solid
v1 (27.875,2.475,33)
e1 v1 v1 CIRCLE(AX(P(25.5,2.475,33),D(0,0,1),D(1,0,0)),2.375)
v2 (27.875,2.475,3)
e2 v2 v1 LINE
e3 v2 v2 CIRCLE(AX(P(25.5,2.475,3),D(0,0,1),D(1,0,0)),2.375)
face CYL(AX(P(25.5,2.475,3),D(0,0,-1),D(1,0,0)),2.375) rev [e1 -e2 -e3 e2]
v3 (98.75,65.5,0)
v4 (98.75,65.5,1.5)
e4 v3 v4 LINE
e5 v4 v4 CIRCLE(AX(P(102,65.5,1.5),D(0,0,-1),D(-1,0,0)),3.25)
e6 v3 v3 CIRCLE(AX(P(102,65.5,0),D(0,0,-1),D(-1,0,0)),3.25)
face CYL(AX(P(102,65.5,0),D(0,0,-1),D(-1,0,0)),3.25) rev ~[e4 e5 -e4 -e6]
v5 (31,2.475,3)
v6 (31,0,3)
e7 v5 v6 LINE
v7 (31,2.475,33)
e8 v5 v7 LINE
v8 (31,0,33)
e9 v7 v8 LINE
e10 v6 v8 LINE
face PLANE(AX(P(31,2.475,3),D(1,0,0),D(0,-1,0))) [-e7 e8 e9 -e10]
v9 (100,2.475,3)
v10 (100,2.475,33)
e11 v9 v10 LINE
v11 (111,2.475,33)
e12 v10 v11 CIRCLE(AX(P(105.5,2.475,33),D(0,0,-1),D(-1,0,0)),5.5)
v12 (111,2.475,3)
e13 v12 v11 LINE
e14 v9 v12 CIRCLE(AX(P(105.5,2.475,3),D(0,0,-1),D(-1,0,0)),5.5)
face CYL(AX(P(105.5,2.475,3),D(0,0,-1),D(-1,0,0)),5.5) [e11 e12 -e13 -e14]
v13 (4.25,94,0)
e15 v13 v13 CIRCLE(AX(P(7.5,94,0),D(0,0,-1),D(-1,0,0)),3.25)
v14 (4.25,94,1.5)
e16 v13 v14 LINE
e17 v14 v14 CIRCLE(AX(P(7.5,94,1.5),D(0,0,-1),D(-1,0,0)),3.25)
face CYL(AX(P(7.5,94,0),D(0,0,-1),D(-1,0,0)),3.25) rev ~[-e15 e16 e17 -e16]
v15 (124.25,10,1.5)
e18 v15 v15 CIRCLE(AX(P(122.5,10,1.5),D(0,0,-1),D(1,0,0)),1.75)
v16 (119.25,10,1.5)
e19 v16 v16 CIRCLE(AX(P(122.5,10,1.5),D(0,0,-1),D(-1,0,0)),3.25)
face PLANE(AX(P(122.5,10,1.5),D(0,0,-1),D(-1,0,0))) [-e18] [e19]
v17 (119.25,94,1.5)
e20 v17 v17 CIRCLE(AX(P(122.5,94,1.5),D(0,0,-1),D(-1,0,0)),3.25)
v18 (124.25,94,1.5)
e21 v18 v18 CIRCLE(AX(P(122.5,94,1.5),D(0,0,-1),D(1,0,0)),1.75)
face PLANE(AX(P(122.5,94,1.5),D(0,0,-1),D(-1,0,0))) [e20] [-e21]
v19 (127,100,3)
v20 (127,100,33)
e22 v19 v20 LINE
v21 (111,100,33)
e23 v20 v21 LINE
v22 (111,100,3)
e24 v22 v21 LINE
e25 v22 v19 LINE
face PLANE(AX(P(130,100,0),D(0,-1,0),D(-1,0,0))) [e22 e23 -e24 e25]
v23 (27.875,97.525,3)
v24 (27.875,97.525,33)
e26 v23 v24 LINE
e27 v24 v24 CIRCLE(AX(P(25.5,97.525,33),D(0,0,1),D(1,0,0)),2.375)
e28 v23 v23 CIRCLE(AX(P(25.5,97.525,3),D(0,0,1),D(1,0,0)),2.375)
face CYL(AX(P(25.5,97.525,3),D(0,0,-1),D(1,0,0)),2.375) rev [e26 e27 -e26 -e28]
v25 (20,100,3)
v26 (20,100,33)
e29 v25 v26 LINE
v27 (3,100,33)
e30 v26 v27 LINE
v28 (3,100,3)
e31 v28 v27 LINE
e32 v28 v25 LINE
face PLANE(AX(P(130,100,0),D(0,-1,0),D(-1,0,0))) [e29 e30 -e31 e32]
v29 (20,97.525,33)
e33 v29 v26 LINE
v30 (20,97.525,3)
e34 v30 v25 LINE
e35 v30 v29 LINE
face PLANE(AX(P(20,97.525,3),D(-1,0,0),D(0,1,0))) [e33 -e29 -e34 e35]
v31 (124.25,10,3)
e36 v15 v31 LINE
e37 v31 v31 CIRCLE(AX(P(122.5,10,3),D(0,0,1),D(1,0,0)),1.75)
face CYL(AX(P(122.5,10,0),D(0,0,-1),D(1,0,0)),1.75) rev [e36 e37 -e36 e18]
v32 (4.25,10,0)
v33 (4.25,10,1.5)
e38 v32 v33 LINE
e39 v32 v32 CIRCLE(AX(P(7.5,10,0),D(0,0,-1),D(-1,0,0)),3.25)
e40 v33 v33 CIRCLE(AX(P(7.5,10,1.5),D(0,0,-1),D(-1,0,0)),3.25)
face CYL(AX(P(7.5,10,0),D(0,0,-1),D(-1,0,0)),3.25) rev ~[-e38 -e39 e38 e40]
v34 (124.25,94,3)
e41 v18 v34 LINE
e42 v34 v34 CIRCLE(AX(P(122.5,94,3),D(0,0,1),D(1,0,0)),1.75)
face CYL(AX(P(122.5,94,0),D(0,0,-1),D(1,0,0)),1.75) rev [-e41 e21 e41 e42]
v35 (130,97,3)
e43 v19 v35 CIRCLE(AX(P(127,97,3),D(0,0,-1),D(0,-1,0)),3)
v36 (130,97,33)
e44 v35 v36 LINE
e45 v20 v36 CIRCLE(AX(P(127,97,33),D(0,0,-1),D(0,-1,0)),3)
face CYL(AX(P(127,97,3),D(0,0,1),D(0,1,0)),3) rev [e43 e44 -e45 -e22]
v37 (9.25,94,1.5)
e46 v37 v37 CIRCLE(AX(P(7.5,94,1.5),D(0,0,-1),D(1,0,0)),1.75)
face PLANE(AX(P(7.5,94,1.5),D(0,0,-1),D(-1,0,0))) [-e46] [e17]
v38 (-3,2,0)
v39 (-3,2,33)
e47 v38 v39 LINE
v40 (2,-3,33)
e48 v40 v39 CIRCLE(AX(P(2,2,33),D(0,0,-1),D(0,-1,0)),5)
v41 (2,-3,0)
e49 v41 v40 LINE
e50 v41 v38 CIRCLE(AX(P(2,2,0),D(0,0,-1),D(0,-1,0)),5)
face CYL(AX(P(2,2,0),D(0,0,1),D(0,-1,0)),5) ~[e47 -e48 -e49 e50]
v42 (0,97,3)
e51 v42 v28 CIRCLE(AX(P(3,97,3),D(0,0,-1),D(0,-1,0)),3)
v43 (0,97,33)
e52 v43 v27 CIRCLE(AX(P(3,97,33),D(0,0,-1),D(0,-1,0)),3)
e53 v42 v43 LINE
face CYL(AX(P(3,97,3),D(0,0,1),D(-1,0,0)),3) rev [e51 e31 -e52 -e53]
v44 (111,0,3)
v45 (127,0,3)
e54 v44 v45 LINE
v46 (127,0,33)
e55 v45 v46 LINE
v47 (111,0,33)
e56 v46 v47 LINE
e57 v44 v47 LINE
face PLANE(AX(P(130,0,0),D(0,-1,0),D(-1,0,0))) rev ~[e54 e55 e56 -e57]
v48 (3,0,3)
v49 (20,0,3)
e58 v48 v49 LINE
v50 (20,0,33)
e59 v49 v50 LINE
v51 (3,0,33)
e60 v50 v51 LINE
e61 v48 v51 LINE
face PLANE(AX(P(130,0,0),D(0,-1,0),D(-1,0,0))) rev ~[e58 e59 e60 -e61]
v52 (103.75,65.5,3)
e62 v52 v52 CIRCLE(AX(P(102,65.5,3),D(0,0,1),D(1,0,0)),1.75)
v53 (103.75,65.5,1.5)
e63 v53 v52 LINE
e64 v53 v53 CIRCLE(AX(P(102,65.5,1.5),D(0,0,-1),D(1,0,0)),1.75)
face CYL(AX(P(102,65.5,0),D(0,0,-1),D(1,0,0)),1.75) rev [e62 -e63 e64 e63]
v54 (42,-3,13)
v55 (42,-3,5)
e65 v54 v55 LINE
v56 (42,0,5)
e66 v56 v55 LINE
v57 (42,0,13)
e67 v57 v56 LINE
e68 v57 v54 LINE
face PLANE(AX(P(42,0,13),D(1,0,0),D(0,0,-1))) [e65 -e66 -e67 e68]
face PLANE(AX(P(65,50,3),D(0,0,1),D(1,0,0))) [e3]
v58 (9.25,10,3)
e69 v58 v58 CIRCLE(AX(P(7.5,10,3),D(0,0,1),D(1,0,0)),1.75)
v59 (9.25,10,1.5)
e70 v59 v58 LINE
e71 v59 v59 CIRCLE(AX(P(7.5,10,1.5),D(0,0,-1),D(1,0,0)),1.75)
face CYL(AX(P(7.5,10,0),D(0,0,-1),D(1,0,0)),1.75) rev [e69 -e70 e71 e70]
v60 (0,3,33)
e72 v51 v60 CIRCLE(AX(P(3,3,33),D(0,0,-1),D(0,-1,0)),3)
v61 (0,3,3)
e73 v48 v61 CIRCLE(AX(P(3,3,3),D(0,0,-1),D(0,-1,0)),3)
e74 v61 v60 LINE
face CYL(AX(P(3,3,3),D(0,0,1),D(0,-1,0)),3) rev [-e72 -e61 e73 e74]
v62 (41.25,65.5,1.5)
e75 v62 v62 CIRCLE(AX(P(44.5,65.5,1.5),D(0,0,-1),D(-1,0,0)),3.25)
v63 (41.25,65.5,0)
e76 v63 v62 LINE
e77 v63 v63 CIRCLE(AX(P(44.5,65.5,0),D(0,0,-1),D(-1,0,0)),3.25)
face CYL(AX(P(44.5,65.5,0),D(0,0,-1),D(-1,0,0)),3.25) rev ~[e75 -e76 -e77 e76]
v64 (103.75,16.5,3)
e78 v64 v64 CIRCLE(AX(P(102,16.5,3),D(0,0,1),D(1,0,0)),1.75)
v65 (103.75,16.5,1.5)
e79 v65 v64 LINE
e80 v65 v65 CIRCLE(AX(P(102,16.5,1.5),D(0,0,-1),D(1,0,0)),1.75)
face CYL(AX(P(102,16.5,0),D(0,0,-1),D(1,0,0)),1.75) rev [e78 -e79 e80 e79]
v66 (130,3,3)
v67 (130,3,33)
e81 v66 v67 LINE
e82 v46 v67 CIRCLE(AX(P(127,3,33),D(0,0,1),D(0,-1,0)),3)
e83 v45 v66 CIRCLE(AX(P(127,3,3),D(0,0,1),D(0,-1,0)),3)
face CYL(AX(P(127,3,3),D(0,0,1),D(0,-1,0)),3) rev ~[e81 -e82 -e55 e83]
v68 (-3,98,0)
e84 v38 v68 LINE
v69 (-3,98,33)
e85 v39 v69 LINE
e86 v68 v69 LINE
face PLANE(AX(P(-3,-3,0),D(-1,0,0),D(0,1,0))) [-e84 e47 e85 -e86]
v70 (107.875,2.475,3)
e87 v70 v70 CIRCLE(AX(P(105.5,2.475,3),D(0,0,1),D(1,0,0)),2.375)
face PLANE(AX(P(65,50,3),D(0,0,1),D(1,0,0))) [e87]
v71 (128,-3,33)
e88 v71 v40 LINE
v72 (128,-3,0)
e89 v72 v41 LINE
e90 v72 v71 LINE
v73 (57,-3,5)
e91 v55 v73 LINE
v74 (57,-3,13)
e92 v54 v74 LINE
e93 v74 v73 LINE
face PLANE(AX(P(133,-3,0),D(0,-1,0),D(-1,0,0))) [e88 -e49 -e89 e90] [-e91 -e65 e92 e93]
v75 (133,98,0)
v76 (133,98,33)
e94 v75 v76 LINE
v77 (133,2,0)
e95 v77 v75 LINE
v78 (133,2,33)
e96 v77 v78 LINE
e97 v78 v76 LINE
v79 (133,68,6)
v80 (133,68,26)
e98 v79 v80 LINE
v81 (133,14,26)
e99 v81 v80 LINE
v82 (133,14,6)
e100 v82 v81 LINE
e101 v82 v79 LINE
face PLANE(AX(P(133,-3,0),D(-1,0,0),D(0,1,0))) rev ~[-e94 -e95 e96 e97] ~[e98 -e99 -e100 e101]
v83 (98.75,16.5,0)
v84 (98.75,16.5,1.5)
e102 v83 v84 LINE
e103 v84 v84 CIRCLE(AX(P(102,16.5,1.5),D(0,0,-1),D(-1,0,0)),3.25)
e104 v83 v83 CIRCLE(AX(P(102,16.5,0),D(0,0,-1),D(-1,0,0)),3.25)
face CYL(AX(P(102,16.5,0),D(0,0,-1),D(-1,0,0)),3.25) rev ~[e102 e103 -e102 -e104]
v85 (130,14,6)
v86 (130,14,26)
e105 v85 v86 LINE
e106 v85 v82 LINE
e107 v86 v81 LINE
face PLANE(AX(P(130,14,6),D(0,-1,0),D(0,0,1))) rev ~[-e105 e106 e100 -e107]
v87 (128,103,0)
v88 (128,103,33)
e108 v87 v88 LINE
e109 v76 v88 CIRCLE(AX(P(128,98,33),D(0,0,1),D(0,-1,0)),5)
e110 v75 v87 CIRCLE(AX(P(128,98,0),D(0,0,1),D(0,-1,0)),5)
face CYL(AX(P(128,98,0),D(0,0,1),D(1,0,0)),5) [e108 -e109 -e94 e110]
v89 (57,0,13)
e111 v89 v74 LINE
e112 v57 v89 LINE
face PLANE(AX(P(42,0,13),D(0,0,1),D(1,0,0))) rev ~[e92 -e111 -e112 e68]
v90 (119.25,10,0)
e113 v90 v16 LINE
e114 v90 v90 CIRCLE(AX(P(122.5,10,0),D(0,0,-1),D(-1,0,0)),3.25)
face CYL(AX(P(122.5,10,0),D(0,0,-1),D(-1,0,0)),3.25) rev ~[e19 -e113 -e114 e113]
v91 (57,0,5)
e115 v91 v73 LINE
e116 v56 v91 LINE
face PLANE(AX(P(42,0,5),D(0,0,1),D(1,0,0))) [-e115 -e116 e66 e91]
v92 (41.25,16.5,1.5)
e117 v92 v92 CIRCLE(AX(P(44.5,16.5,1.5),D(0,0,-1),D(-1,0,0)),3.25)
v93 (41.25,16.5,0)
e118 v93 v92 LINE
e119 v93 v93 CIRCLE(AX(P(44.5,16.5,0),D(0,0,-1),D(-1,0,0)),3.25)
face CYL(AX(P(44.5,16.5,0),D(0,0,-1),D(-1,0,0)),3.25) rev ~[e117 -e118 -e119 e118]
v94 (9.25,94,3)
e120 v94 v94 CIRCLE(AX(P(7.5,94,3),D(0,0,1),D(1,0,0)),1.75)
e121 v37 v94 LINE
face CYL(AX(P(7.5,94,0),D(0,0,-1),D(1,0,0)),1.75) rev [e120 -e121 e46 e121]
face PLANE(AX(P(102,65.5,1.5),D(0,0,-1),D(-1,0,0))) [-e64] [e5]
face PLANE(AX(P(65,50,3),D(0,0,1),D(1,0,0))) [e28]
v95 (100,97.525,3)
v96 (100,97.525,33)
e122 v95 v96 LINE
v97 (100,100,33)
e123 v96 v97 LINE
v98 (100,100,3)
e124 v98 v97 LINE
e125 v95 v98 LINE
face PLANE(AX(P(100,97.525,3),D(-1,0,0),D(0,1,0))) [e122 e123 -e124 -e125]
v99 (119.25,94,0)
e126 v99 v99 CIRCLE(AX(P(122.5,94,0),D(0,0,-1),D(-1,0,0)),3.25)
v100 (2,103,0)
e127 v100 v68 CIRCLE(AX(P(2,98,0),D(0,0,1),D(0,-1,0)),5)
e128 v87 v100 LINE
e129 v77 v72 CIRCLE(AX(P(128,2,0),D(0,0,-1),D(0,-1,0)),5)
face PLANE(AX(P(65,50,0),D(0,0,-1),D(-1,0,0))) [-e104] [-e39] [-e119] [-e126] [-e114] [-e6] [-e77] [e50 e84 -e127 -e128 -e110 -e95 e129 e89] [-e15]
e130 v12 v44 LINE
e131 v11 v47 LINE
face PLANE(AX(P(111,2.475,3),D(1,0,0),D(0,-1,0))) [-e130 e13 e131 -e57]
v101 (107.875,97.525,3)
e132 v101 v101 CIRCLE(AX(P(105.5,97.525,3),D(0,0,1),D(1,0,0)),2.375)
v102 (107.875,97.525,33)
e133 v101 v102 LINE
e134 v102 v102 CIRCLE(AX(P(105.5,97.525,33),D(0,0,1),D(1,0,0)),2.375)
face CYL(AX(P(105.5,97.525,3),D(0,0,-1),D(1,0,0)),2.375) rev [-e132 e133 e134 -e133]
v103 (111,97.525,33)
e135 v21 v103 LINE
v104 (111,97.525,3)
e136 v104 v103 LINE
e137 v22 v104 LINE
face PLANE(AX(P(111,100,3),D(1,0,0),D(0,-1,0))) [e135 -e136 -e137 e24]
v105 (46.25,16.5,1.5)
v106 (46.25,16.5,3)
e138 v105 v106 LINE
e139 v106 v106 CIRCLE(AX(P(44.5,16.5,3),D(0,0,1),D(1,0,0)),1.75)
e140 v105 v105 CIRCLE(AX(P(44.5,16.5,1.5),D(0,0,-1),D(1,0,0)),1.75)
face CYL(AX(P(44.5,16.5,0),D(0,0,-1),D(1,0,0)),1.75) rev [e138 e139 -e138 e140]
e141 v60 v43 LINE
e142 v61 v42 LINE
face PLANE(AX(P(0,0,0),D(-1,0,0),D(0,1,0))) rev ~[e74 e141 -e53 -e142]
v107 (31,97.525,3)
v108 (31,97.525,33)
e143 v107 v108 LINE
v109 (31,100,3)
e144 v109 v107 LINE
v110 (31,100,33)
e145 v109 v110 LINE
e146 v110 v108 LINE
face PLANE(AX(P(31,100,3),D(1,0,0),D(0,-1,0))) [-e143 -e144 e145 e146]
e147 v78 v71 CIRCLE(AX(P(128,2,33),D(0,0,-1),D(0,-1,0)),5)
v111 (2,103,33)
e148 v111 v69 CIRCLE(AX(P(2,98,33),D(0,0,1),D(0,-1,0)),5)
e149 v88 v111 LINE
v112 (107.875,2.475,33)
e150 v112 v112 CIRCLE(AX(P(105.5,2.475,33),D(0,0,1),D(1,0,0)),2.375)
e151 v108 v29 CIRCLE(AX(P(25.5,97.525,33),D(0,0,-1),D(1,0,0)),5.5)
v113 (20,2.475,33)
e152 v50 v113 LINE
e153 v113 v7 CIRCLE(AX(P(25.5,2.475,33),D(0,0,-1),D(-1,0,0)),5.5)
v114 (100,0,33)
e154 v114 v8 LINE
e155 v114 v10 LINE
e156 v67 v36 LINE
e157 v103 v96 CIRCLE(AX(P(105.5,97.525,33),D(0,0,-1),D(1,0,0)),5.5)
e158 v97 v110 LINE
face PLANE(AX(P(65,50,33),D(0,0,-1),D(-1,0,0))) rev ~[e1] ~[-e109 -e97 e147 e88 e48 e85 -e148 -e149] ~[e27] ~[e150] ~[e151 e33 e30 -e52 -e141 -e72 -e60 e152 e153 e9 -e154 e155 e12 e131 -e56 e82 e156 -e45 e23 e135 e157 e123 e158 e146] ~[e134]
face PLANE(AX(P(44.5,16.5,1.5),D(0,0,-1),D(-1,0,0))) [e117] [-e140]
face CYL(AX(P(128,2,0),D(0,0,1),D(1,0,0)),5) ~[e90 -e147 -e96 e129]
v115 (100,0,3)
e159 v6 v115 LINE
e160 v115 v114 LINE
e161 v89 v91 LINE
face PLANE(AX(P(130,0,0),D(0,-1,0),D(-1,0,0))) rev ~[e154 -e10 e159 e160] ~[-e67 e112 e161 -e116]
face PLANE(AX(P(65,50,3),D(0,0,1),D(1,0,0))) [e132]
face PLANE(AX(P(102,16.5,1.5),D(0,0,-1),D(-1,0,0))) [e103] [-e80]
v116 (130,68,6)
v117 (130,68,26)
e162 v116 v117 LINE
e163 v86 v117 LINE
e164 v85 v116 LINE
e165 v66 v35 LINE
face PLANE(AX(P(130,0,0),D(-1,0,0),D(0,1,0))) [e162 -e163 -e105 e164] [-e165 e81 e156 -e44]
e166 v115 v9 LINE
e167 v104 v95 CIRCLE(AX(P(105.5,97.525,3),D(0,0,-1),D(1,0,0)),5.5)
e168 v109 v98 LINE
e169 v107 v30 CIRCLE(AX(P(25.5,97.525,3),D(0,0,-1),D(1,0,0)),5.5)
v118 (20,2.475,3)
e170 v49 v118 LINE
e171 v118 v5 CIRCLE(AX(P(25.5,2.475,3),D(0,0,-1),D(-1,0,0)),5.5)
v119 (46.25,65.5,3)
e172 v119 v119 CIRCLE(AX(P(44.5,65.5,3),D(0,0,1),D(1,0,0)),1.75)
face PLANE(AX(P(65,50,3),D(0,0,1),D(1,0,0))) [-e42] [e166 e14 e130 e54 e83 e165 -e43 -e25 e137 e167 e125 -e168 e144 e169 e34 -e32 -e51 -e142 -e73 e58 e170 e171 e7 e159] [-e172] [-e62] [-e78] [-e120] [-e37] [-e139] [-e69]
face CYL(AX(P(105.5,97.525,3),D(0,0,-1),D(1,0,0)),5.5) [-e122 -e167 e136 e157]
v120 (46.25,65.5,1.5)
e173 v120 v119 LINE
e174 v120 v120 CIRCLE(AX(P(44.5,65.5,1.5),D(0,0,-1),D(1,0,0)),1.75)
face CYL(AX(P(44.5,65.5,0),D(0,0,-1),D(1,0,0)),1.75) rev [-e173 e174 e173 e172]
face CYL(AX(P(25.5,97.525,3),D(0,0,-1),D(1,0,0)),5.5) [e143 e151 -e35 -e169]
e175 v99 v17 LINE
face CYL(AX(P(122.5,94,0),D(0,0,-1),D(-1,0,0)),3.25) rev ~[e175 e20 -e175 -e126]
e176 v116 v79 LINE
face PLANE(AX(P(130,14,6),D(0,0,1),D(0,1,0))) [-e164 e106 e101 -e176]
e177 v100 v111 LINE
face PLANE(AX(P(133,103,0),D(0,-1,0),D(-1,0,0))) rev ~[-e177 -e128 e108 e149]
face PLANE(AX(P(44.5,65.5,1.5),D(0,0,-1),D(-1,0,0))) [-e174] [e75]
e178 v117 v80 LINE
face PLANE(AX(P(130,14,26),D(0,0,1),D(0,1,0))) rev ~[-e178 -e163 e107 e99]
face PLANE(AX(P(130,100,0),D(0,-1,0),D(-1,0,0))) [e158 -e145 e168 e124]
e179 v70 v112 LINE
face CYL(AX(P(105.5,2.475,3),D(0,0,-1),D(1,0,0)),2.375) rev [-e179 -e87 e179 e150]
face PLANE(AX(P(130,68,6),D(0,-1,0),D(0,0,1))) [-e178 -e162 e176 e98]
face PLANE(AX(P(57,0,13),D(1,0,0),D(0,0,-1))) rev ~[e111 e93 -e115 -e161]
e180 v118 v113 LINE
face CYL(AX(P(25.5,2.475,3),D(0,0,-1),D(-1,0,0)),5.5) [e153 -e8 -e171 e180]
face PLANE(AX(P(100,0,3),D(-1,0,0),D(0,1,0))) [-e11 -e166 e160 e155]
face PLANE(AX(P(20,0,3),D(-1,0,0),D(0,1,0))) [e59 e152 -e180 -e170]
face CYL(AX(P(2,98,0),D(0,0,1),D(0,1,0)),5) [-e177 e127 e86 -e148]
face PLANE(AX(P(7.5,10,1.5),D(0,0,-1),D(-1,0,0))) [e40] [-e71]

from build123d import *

# Parameters (mm, degrees)
ESQUISSE1_W                = 130
ESQUISSE1_H                = 100
ESQUISSE1_R                = 1.75
BOSS_EXTRU_1_DEPTH         = 3
ESQUISSE2_R                = 3.25
ENL_V_MAT_EXTRU_1_DEPTH    = 1.5
ESQUISSE3_W                = 136
ESQUISSE3_H                = 106
ESQUISSE3_W_2              = 130
ESQUISSE3_H_2              = 100
BOSS_EXTRU_2_DEPTH         = 33
CONG_1_R                   = 3
CONG_2_R                   = 5
ESQUISSE4_W                = 20
ESQUISSE4_H                = 54
ENL_V_MAT_EXTRU_2_DEPTH    = 3
ESQUISSE5_W                = 15
ESQUISSE5_H                = 8
ENL_V_MAT_EXTRU_3_DEPTH    = 3
ESQUISSE6_R                = 2.375
BOSS_EXTRU_3_DEPTH         = 30
R_P_TITION_LIN_AIRE1_COUNT = 2
R_P_TITION_LIN_AIRE1_PITCH = 80


with BuildPart() as part:
    # Esquisse1 → Boss.-Extru.1 (new body)
    with BuildSketch(Plane.XY):
        with Locations((65, 50)):
            Rectangle(ESQUISSE1_W, ESQUISSE1_H)
        with Locations((122.5, 10)):
            Circle(ESQUISSE1_R, mode=Mode.SUBTRACT)
        with Locations((122.5, 94)):
            Circle(ESQUISSE1_R, mode=Mode.SUBTRACT)
        with Locations((7.5, 94)):
            Circle(ESQUISSE1_R, mode=Mode.SUBTRACT)
        with Locations((7.5, 10)):
            Circle(ESQUISSE1_R, mode=Mode.SUBTRACT)
        with Locations((44.5, 65.5)):
            Circle(ESQUISSE1_R, mode=Mode.SUBTRACT)
        with Locations((102, 65.5)):
            Circle(ESQUISSE1_R, mode=Mode.SUBTRACT)
        with Locations((102, 16.5)):
            Circle(ESQUISSE1_R, mode=Mode.SUBTRACT)
        with Locations((44.5, 16.5)):
            Circle(ESQUISSE1_R, mode=Mode.SUBTRACT)
    extrude(amount=BOSS_EXTRU_1_DEPTH)

    # Esquisse2 → Enlèv. mat.-Extru.1 (cut)
    with BuildSketch(Plane(origin=(0, 0, 0), x_dir=(-1, 0, 0), z_dir=(0, 0, -1))):
        with Locations((-102, 16.5)):
            Circle(ESQUISSE2_R)
        with Locations((-122.5, 10)):
            Circle(ESQUISSE2_R)
        with Locations((-122.5, 94)):
            Circle(ESQUISSE2_R)
        with Locations((-102, 65.5)):
            Circle(ESQUISSE2_R)
        with Locations((-44.5, 65.5)):
            Circle(ESQUISSE2_R)
        with Locations((-44.5, 16.5)):
            Circle(ESQUISSE2_R)
        with Locations((-7.5, 10)):
            Circle(ESQUISSE2_R)
        with Locations((-7.5, 94)):
            Circle(ESQUISSE2_R)
    extrude(amount=-ENL_V_MAT_EXTRU_1_DEPTH, mode=Mode.SUBTRACT)

    # Esquisse3 → Boss.-Extru.2 (add)
    with BuildSketch(Plane(origin=(0, 0, 0), x_dir=(-1, 0, 0), z_dir=(0, 0, -1))):
        with Locations((-65, 50)):
            Rectangle(ESQUISSE3_W, ESQUISSE3_H)
        with Locations((-65, 50)):
            Rectangle(ESQUISSE3_W_2, ESQUISSE3_H_2, mode=Mode.SUBTRACT)
    extrude(amount=-BOSS_EXTRU_2_DEPTH)

    # Congé1
    cong_1_edges = [part.edges().sort_by_distance(p)[0] for p in [
        (130, 0, 18),
        (0, 100, 18),
        (0, 0, 18),
        (130, 100, 18),
    ]]
    fillet(cong_1_edges, radius=CONG_1_R)

    # Congé2
    cong_2_edges = [part.edges().sort_by_distance(p)[0] for p in [
        (-3, 103, 16.5),
        (-3, -3, 16.5),
        (133, -3, 16.5),
        (133, 103, 16.5),
    ]]
    fillet(cong_2_edges, radius=CONG_2_R)

    # Esquisse4 → Enlèv. mat.-Extru.2 (cut)
    with BuildSketch(Plane.ZY.offset(-130)):
        with Locations((16, 41)):
            Rectangle(ESQUISSE4_W, ESQUISSE4_H)
    extrude(amount=-ENL_V_MAT_EXTRU_2_DEPTH, mode=Mode.SUBTRACT)

    # Esquisse5 → Enlèv. mat.-Extru.3 (cut)
    with BuildSketch(Plane(origin=(0, 0, 0), x_dir=(1, 0, 0), z_dir=(0, 1, 0))):
        with Locations((49.5, -9)):
            Rectangle(ESQUISSE5_W, ESQUISSE5_H)
    extrude(amount=-ENL_V_MAT_EXTRU_3_DEPTH, mode=Mode.SUBTRACT)

    # Esquisse6 → Boss.-Extru.3 (add)
    with BuildSketch(Plane.XY.offset(3)):
        with BuildLine():
            Line((20, 97.525), (20, 100))
            Line((20, 100), (31, 100))
            Line((31, 100), (31, 97.525))
            ThreePointArc((31, 97.525), (25.5, 92.025), (20, 97.525))
        make_face()
        with Locations((25.5, 97.525)):
            Circle(ESQUISSE6_R, mode=Mode.SUBTRACT)
        with BuildLine():
            Line((31, 2.475), (31, 0))
            Line((31, 0), (20, 0))
            Line((20, 0), (20, 2.475))
            ThreePointArc((20, 2.475), (25.5, 7.975), (31, 2.475))
        make_face()
        with Locations((25.5, 2.475)):
            Circle(ESQUISSE6_R, mode=Mode.SUBTRACT)
    boss_extru_3 = extrude(amount=BOSS_EXTRU_3_DEPTH)

    # Répétition linéaire1: Boss.-Extru.3 ×2
    with Locations(*[(i * R_P_TITION_LIN_AIRE1_PITCH, 0, 0) for i in range(1, R_P_TITION_LIN_AIRE1_COUNT)]):
        add(boss_extru_3)


solid = part.part
